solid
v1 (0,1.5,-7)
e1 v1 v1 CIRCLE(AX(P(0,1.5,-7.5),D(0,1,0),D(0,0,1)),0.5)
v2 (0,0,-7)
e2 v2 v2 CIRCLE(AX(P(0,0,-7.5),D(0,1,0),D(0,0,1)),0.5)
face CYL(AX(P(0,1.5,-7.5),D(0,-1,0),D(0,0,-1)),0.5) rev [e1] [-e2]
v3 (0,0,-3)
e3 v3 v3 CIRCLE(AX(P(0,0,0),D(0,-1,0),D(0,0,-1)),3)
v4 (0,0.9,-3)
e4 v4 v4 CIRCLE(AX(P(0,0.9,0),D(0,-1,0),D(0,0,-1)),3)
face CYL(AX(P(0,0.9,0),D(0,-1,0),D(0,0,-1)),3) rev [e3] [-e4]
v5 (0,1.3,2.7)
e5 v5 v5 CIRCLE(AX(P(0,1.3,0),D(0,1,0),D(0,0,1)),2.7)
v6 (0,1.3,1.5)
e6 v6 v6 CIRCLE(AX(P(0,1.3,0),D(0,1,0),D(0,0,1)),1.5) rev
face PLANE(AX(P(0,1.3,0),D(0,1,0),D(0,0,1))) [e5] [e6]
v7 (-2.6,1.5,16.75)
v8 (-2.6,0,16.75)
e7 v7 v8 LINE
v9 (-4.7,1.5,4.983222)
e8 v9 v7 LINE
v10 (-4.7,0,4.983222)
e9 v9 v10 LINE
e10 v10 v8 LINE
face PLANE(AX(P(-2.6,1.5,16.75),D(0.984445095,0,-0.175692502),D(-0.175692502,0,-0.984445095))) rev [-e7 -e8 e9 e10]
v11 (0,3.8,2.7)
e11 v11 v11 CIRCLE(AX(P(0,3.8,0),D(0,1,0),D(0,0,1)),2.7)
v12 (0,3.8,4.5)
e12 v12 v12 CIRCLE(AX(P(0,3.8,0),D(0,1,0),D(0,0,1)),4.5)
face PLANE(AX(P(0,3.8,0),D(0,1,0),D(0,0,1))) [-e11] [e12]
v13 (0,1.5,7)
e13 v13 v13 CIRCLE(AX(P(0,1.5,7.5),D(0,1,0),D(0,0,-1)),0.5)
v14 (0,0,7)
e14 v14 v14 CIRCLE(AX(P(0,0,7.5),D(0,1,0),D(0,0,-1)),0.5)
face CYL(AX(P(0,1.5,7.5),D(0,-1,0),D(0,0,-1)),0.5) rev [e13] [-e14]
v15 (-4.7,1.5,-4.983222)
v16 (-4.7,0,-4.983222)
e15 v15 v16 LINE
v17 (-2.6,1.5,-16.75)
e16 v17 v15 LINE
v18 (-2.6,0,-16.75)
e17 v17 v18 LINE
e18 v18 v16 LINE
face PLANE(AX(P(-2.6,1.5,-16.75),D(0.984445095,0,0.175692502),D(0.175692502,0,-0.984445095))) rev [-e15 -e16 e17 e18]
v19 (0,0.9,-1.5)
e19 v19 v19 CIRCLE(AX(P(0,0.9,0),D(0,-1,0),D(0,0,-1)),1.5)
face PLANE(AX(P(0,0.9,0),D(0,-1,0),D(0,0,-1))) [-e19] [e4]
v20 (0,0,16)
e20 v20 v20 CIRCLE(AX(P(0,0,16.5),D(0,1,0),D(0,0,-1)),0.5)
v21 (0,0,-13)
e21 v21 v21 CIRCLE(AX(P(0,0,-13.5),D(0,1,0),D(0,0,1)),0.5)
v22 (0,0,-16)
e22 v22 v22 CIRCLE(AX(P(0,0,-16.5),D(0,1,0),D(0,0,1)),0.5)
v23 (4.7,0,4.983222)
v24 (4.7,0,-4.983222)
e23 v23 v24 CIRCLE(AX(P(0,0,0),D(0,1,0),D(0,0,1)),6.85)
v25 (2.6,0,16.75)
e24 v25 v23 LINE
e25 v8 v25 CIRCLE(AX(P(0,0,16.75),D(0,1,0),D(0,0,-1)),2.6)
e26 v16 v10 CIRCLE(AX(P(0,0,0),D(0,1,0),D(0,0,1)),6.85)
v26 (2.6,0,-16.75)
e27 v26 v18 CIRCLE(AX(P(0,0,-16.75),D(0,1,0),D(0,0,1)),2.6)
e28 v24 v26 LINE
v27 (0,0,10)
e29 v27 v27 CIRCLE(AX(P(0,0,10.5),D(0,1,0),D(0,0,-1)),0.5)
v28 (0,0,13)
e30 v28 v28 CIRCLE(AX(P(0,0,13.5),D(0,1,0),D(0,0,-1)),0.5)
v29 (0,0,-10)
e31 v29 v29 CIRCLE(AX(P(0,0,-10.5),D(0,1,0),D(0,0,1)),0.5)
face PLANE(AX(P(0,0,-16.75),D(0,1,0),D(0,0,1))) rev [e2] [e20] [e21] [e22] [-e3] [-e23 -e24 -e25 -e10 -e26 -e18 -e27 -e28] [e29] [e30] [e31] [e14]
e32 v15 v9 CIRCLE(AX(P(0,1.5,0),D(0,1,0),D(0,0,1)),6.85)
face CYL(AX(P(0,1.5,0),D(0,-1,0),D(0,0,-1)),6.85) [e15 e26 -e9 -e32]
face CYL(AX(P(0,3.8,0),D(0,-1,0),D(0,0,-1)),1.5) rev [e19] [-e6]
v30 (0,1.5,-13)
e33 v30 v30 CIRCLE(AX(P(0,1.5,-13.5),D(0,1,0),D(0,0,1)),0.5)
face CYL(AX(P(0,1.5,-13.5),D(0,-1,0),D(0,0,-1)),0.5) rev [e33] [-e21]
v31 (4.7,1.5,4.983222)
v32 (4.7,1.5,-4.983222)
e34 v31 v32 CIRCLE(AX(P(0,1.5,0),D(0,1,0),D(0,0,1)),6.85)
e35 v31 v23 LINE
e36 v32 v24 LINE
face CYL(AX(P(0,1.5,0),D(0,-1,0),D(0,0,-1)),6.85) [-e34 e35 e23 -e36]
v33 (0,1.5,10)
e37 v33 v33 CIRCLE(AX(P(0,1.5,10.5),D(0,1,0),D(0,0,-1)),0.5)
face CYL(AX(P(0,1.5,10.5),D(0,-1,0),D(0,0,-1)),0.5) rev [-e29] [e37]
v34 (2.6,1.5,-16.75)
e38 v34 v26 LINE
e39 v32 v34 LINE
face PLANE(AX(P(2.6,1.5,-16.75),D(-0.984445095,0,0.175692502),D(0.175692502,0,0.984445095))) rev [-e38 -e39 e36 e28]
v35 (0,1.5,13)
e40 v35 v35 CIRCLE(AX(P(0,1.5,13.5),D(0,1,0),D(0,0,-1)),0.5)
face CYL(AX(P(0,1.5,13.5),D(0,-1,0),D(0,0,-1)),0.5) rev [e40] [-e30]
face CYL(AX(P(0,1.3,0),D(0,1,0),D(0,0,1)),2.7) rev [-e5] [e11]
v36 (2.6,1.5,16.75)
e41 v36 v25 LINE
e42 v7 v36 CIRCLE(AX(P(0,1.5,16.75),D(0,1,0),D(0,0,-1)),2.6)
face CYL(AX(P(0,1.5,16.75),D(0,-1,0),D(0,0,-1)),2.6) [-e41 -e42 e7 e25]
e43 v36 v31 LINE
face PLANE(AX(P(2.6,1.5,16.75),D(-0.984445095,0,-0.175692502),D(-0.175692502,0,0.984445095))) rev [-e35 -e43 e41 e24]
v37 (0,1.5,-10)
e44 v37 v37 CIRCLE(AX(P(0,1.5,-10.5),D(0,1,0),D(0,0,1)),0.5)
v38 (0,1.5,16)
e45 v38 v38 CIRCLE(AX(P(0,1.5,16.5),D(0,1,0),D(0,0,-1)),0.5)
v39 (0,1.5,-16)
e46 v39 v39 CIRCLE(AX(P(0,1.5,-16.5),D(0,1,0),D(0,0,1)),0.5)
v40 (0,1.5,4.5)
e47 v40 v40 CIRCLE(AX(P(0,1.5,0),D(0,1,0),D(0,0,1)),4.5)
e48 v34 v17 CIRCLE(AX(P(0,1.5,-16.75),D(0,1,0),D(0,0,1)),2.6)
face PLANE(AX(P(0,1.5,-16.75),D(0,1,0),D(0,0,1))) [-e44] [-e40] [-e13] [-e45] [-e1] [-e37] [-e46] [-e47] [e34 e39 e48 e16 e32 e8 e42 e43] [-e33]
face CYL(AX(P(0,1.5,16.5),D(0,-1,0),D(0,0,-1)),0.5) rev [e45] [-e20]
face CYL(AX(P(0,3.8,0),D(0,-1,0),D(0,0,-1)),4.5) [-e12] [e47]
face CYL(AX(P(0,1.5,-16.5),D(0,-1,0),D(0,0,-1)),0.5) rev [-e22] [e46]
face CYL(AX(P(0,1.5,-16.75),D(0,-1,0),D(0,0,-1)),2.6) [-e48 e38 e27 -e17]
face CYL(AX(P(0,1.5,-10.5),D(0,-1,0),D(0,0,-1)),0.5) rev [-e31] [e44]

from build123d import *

# Parameters (mm, degrees)
CROQUIS2_R              = 0.5
SALIENTE_EXTRUIR1_DEPTH = 1.5
CROQUIS3_R              = 4.5
SALIENTE_EXTRUIR2_DEPTH = 2.3
CROQUIS4_R              = 3
CORTAR_EXTRUIR1_DEPTH   = 0.9
CROQUIS5_R              = 1.5
CORTAR_EXTRUIR2_DEPTH   = 21.730533037
CROQUIS6_R              = 2.7
CORTAR_EXTRUIR3_DEPTH   = 2.5


with BuildPart() as part:
    # Croquis2 → Saliente-Extruir1 (new body)
    with BuildSketch(Plane(origin=(0, 0, 0), x_dir=(1, 0, 0), z_dir=(0, 1, 0))):
        with BuildLine():
            Line((2.6, 16.75), (4.7, 4.983221849))
            ThreePointArc((4.7, 4.983221849), (6.85, 0), (4.7, -4.983221849))
            Line((4.7, -4.983221849), (2.6, -16.75))
            ThreePointArc((2.6, -16.75), (0, -19.35), (-2.6, -16.75))
            Line((-2.6, -16.75), (-4.7, -4.983221849))
            ThreePointArc((-4.7, -4.983221849), (-6.85, 0), (-4.7, 4.983221849))
            Line((-4.7, 4.983221849), (-2.6, 16.75))
            ThreePointArc((-2.6, 16.75), (0, 19.35), (2.6, 16.75))
        make_face()
        with Locations(Location((0, -16.5, 0), (0, 0, 90))):
            Circle(CROQUIS2_R, mode=Mode.SUBTRACT)
        with Locations(Location((0, -13.5, 0), (0, 0, 90))):
            Circle(CROQUIS2_R, mode=Mode.SUBTRACT)
        with Locations(Location((0, -10.5, 0), (0, 0, 90))):
            Circle(CROQUIS2_R, mode=Mode.SUBTRACT)
        with Locations(Location((0, -7.5, 0), (0, 0, 90))):
            Circle(CROQUIS2_R, mode=Mode.SUBTRACT)
        with Locations(Location((0, 7.5, 0), (0, 0, 270))):
            Circle(CROQUIS2_R, mode=Mode.SUBTRACT)
        with Locations(Location((0, 10.5, 0), (0, 0, 270))):
            Circle(CROQUIS2_R, mode=Mode.SUBTRACT)
        with Locations(Location((0, 13.5, 0), (0, 0, 270))):
            Circle(CROQUIS2_R, mode=Mode.SUBTRACT)
        with Locations(Location((0, 16.5, 0), (0, 0, 270))):
            Circle(CROQUIS2_R, mode=Mode.SUBTRACT)
    extrude(amount=SALIENTE_EXTRUIR1_DEPTH)

    # Croquis3 → Saliente-Extruir2 (add)
    with BuildSketch(Plane(origin=(0, 1.5, 0), x_dir=(1, 0, 0), z_dir=(0, 1, 0))):
        with Locations(Location((0, 0, 0), (0, 0, 270))):
            Circle(CROQUIS3_R)
    extrude(amount=SALIENTE_EXTRUIR2_DEPTH)

    # Croquis4 → Cortar-Extruir1 (cut)
    with BuildSketch(Plane.XZ):
        with Locations(Location((0, 0, 0), (0, 0, 270))):
            Circle(CROQUIS4_R)
    extrude(amount=-CORTAR_EXTRUIR1_DEPTH, mode=Mode.SUBTRACT)

    # Croquis5 → Cortar-Extruir2 (cut, through all)
    with BuildSketch(Plane.XZ.offset(-0.9)):
        with Locations(Location((0, 0, 0), (0, 0, 270))):
            Circle(CROQUIS5_R)
    extrude(amount=-CORTAR_EXTRUIR2_DEPTH, mode=Mode.SUBTRACT)

    # Croquis6 → Cortar-Extruir3 (cut)
    with BuildSketch(Plane(origin=(0, 3.8, 0), x_dir=(1, 0, 0), z_dir=(0, 1, 0))):
        with Locations(Location((0, 0, 0), (0, 0, 270))):
            Circle(CROQUIS6_R)
    extrude(amount=-CORTAR_EXTRUIR3_DEPTH, mode=Mode.SUBTRACT)


solid = part.part
